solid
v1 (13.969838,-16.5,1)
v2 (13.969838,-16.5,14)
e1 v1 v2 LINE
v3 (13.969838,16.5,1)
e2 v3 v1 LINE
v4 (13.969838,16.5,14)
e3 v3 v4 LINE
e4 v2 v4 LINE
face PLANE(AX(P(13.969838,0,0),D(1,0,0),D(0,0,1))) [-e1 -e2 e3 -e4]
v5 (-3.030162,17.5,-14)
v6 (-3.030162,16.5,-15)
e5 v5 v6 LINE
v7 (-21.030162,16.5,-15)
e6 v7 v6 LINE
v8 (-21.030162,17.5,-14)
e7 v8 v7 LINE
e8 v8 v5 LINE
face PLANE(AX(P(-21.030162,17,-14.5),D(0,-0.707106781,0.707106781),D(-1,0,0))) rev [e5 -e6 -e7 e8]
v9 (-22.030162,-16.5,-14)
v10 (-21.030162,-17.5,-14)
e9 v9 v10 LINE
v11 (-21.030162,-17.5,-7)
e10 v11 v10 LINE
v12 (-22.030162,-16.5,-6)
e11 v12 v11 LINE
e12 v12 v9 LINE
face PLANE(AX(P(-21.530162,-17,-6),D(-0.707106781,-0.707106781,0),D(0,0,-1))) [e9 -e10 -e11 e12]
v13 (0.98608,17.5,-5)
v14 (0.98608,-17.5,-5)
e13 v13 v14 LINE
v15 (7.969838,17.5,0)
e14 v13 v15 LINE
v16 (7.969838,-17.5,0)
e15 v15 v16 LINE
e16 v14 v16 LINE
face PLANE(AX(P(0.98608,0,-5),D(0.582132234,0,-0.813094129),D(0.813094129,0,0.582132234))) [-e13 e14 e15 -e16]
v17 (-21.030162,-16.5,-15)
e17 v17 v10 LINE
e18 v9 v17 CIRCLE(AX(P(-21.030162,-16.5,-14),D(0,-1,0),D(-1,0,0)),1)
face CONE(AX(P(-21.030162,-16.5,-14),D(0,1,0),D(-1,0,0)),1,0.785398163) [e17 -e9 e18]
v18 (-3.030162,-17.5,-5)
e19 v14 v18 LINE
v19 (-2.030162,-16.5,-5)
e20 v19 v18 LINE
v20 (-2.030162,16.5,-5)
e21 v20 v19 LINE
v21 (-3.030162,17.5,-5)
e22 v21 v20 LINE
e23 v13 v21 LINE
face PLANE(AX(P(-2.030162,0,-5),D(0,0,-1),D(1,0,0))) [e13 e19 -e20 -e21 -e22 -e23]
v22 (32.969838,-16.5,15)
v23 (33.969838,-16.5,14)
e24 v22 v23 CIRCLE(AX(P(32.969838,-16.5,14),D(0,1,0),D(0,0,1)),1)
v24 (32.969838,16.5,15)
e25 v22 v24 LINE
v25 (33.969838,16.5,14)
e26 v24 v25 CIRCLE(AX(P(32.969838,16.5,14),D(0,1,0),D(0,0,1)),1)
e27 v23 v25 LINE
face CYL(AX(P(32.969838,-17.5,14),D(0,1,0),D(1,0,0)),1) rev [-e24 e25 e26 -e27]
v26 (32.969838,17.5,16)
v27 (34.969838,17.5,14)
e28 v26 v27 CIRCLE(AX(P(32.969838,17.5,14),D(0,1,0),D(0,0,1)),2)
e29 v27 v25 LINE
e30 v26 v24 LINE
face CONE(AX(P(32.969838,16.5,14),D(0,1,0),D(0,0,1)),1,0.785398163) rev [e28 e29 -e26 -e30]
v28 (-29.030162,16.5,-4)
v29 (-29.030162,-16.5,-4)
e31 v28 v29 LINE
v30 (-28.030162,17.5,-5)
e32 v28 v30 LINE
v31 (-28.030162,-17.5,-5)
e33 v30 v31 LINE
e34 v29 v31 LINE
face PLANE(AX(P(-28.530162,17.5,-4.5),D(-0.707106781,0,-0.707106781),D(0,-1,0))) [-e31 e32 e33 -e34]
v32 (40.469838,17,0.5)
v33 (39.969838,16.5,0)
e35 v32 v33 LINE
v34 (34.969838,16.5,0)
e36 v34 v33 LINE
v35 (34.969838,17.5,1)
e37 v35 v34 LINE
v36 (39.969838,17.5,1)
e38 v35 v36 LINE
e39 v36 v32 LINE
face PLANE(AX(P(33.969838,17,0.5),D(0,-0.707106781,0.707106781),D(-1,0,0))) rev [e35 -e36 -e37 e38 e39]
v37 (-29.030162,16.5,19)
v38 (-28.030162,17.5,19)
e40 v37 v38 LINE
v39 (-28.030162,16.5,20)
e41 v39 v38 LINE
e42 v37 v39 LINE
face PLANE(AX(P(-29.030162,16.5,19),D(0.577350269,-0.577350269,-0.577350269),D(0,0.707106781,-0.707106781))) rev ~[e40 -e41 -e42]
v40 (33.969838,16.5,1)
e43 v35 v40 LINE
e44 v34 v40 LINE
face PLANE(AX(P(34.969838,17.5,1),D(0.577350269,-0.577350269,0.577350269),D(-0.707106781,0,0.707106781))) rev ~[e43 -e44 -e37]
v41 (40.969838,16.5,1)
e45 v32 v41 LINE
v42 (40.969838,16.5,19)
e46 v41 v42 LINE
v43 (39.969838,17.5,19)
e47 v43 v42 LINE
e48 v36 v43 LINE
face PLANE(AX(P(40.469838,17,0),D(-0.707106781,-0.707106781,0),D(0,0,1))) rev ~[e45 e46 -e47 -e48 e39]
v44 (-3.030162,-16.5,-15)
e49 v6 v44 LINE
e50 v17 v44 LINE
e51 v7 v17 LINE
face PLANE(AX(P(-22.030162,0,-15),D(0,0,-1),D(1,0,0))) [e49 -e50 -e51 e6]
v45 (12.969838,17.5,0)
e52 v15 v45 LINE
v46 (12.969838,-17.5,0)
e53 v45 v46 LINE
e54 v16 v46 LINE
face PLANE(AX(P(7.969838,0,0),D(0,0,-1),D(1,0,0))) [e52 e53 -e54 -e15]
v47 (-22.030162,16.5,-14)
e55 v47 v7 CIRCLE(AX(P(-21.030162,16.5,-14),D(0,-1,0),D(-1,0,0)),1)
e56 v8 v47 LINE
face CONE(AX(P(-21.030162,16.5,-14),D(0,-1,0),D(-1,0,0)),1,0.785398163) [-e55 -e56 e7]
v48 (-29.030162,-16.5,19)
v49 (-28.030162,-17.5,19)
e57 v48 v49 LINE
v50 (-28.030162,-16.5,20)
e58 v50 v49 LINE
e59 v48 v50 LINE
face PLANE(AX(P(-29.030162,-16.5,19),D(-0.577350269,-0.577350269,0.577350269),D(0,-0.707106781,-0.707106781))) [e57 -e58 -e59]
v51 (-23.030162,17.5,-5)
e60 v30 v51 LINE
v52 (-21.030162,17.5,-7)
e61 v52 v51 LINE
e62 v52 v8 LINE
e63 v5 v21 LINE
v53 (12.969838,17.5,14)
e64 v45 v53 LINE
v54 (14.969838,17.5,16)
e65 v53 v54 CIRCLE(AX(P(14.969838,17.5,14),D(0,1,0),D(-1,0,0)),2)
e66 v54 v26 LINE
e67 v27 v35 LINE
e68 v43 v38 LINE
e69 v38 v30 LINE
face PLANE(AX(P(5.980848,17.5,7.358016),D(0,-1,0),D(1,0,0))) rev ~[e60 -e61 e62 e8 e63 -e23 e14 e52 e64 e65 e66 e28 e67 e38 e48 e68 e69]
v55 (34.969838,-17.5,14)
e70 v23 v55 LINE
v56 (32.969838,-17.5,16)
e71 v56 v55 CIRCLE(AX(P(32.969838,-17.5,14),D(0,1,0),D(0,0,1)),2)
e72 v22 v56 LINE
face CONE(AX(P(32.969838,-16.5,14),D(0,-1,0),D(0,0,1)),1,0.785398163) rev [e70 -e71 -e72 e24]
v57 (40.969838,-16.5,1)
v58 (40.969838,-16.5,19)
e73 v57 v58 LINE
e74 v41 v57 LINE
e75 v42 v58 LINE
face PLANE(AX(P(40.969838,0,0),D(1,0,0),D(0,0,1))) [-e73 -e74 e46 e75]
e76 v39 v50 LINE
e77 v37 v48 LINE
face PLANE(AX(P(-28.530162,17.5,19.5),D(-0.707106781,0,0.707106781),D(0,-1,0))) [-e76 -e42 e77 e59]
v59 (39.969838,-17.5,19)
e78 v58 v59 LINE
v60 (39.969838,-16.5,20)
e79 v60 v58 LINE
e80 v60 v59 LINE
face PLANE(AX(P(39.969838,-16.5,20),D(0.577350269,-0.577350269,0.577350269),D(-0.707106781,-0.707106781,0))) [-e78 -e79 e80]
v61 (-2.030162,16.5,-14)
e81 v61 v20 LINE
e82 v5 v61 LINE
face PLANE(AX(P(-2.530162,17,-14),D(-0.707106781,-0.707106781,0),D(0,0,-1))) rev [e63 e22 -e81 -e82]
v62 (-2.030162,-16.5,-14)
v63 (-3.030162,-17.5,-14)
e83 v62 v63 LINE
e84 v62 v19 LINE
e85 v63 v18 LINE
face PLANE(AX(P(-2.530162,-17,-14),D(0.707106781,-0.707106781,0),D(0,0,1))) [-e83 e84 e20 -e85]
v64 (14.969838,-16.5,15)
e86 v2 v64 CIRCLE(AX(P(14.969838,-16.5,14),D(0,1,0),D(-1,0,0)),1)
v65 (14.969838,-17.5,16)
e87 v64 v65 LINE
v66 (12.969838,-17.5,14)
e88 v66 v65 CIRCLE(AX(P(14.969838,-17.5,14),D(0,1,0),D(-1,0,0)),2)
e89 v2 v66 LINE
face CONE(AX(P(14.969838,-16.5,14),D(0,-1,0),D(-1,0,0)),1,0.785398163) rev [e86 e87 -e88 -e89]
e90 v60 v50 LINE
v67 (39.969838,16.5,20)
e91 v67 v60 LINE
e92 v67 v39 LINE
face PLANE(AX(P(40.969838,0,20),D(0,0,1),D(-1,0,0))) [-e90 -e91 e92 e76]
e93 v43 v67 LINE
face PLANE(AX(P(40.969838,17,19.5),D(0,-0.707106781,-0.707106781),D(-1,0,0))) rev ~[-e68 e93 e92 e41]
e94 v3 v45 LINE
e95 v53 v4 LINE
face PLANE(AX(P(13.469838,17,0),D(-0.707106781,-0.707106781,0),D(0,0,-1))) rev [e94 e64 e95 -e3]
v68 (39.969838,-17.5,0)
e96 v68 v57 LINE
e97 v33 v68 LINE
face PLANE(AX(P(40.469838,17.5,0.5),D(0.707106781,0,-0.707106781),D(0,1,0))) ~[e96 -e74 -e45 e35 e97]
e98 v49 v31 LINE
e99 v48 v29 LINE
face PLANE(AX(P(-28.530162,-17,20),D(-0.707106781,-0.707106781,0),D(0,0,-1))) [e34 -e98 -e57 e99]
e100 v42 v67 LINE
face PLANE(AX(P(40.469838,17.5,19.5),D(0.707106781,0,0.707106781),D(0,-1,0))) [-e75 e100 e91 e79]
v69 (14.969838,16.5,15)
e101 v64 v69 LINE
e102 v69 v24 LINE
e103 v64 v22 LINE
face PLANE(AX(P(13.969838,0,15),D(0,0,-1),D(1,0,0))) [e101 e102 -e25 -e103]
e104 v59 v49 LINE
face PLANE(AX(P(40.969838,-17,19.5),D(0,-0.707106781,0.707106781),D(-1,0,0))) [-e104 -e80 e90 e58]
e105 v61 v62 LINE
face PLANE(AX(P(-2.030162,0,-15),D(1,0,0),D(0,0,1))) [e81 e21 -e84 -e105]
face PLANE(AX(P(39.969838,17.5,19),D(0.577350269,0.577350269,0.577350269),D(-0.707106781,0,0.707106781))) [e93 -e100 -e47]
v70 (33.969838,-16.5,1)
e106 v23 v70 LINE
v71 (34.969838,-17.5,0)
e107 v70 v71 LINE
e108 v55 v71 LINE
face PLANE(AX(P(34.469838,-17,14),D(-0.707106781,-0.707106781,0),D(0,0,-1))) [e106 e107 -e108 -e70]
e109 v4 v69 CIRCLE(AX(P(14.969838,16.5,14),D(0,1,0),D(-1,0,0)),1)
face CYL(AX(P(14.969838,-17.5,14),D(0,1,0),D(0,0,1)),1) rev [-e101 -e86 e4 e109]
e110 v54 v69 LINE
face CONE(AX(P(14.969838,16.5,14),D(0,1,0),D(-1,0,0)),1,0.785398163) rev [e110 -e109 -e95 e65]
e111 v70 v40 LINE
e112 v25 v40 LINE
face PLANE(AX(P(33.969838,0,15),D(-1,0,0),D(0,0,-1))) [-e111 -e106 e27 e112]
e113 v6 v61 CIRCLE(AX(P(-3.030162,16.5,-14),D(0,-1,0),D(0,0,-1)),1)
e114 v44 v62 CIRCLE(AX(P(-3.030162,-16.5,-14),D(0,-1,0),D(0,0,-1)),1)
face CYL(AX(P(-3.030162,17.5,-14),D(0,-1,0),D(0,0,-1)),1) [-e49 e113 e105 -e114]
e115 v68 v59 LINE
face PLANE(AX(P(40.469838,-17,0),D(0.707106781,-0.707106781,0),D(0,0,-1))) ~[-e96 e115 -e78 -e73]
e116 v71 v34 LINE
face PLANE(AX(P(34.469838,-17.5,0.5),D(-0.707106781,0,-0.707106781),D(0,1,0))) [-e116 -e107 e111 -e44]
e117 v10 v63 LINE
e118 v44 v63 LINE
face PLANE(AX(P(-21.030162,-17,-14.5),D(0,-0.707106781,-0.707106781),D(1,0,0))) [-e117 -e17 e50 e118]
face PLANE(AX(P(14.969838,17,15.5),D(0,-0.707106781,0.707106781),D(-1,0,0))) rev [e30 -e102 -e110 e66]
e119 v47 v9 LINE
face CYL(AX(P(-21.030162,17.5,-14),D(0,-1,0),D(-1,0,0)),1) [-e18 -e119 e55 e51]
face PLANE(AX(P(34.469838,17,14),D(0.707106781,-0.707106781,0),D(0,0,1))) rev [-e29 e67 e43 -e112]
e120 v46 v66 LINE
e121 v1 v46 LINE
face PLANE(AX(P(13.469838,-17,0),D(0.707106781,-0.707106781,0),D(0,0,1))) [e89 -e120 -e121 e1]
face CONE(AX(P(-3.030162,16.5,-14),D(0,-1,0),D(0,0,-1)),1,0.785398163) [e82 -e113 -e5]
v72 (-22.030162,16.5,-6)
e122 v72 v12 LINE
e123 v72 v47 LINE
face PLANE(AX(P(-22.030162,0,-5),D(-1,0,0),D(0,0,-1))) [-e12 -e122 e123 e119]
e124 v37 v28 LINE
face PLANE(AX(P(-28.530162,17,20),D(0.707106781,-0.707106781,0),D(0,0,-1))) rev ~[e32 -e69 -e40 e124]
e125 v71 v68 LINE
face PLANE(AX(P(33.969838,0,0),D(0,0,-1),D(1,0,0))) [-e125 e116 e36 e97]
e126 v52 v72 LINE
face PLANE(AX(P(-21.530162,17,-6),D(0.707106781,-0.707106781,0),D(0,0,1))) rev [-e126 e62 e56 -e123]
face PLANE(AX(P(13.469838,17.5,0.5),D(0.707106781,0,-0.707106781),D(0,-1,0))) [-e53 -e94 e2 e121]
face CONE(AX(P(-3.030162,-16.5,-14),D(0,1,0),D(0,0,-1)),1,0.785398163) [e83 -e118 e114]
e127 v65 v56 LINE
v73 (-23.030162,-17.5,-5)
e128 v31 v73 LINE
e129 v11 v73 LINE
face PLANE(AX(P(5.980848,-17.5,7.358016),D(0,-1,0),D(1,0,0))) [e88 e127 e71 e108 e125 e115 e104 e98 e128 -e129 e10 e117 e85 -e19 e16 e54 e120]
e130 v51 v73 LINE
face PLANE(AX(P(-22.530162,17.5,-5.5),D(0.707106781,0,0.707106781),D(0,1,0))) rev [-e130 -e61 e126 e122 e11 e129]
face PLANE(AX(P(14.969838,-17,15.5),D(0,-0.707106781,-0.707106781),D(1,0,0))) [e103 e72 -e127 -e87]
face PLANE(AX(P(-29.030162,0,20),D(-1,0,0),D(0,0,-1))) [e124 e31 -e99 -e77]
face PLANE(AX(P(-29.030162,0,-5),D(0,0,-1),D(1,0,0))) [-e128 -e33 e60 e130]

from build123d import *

# Parameters (mm, degrees)
F1_DEPTH = 17.5
F2_SIZE  = 1
F3_R     = 1
F4_SIZE  = 1


with BuildPart() as f1:
    # F0 (on Front) → F1 (new body, symmetric)
    with BuildSketch(Plane.XZ):
        Polygon((33.969838, 0), (40.969838, 0), (40.969838, 20), (-29.030162, 20), (-29.030162, -5), (-22.030162, -5), (-22.030162, -15), (-2.030162, -15), (-2.030162, -5), (0.98608, -5), (7.969838, 0), (13.969838, 0), (13.969838, 15), (33.969838, 15), align=None)
    extrude(amount=F1_DEPTH, both=True)

    # F2
    f2_edges = [f1.edges().sort_by_distance(p)[0] for p in [
        (40.969838, 0, 0),
        (40.969838, -17.5, 10),
        (40.969838, 0, 20),
        (40.969838, 17.5, 10),
        (5.969838, -17.5, 20),
        (5.969838, 17.5, 20),
        (-29.030162, 0, 20),
        (-29.030162, -17.5, 7.5),
        (-29.030162, 17.5, 7.5),
        (-29.030162, 0, -5),
        (-22.030162, 0, -5),
    ]]
    chamfer(f2_edges, length=F2_SIZE)

    # F3
    f3_edges = [f1.edges().sort_by_distance(p)[0] for p in [
        (-22.030162, 0, -15),
        (-2.030162, 0, -15),
        (13.969838, 0, 15),
        (33.969838, 0, 15),
    ]]
    fillet(f3_edges, radius=F3_R)

    # F4
    f4_edges = [f1.edges().sort_by_distance(p)[0] for p in [
        (33.969838, 0, 0),
        (36.969838, 17.5, 0),
        (13.969838, 0, 0),
        (23.969838, -17.5, 15),
        (23.969838, 17.5, 15),
        (-12.030162, 17.5, -15),
        (-12.030162, -17.5, -15),
    ]]
    chamfer(f4_edges, length=F4_SIZE)


solid = f1.part
